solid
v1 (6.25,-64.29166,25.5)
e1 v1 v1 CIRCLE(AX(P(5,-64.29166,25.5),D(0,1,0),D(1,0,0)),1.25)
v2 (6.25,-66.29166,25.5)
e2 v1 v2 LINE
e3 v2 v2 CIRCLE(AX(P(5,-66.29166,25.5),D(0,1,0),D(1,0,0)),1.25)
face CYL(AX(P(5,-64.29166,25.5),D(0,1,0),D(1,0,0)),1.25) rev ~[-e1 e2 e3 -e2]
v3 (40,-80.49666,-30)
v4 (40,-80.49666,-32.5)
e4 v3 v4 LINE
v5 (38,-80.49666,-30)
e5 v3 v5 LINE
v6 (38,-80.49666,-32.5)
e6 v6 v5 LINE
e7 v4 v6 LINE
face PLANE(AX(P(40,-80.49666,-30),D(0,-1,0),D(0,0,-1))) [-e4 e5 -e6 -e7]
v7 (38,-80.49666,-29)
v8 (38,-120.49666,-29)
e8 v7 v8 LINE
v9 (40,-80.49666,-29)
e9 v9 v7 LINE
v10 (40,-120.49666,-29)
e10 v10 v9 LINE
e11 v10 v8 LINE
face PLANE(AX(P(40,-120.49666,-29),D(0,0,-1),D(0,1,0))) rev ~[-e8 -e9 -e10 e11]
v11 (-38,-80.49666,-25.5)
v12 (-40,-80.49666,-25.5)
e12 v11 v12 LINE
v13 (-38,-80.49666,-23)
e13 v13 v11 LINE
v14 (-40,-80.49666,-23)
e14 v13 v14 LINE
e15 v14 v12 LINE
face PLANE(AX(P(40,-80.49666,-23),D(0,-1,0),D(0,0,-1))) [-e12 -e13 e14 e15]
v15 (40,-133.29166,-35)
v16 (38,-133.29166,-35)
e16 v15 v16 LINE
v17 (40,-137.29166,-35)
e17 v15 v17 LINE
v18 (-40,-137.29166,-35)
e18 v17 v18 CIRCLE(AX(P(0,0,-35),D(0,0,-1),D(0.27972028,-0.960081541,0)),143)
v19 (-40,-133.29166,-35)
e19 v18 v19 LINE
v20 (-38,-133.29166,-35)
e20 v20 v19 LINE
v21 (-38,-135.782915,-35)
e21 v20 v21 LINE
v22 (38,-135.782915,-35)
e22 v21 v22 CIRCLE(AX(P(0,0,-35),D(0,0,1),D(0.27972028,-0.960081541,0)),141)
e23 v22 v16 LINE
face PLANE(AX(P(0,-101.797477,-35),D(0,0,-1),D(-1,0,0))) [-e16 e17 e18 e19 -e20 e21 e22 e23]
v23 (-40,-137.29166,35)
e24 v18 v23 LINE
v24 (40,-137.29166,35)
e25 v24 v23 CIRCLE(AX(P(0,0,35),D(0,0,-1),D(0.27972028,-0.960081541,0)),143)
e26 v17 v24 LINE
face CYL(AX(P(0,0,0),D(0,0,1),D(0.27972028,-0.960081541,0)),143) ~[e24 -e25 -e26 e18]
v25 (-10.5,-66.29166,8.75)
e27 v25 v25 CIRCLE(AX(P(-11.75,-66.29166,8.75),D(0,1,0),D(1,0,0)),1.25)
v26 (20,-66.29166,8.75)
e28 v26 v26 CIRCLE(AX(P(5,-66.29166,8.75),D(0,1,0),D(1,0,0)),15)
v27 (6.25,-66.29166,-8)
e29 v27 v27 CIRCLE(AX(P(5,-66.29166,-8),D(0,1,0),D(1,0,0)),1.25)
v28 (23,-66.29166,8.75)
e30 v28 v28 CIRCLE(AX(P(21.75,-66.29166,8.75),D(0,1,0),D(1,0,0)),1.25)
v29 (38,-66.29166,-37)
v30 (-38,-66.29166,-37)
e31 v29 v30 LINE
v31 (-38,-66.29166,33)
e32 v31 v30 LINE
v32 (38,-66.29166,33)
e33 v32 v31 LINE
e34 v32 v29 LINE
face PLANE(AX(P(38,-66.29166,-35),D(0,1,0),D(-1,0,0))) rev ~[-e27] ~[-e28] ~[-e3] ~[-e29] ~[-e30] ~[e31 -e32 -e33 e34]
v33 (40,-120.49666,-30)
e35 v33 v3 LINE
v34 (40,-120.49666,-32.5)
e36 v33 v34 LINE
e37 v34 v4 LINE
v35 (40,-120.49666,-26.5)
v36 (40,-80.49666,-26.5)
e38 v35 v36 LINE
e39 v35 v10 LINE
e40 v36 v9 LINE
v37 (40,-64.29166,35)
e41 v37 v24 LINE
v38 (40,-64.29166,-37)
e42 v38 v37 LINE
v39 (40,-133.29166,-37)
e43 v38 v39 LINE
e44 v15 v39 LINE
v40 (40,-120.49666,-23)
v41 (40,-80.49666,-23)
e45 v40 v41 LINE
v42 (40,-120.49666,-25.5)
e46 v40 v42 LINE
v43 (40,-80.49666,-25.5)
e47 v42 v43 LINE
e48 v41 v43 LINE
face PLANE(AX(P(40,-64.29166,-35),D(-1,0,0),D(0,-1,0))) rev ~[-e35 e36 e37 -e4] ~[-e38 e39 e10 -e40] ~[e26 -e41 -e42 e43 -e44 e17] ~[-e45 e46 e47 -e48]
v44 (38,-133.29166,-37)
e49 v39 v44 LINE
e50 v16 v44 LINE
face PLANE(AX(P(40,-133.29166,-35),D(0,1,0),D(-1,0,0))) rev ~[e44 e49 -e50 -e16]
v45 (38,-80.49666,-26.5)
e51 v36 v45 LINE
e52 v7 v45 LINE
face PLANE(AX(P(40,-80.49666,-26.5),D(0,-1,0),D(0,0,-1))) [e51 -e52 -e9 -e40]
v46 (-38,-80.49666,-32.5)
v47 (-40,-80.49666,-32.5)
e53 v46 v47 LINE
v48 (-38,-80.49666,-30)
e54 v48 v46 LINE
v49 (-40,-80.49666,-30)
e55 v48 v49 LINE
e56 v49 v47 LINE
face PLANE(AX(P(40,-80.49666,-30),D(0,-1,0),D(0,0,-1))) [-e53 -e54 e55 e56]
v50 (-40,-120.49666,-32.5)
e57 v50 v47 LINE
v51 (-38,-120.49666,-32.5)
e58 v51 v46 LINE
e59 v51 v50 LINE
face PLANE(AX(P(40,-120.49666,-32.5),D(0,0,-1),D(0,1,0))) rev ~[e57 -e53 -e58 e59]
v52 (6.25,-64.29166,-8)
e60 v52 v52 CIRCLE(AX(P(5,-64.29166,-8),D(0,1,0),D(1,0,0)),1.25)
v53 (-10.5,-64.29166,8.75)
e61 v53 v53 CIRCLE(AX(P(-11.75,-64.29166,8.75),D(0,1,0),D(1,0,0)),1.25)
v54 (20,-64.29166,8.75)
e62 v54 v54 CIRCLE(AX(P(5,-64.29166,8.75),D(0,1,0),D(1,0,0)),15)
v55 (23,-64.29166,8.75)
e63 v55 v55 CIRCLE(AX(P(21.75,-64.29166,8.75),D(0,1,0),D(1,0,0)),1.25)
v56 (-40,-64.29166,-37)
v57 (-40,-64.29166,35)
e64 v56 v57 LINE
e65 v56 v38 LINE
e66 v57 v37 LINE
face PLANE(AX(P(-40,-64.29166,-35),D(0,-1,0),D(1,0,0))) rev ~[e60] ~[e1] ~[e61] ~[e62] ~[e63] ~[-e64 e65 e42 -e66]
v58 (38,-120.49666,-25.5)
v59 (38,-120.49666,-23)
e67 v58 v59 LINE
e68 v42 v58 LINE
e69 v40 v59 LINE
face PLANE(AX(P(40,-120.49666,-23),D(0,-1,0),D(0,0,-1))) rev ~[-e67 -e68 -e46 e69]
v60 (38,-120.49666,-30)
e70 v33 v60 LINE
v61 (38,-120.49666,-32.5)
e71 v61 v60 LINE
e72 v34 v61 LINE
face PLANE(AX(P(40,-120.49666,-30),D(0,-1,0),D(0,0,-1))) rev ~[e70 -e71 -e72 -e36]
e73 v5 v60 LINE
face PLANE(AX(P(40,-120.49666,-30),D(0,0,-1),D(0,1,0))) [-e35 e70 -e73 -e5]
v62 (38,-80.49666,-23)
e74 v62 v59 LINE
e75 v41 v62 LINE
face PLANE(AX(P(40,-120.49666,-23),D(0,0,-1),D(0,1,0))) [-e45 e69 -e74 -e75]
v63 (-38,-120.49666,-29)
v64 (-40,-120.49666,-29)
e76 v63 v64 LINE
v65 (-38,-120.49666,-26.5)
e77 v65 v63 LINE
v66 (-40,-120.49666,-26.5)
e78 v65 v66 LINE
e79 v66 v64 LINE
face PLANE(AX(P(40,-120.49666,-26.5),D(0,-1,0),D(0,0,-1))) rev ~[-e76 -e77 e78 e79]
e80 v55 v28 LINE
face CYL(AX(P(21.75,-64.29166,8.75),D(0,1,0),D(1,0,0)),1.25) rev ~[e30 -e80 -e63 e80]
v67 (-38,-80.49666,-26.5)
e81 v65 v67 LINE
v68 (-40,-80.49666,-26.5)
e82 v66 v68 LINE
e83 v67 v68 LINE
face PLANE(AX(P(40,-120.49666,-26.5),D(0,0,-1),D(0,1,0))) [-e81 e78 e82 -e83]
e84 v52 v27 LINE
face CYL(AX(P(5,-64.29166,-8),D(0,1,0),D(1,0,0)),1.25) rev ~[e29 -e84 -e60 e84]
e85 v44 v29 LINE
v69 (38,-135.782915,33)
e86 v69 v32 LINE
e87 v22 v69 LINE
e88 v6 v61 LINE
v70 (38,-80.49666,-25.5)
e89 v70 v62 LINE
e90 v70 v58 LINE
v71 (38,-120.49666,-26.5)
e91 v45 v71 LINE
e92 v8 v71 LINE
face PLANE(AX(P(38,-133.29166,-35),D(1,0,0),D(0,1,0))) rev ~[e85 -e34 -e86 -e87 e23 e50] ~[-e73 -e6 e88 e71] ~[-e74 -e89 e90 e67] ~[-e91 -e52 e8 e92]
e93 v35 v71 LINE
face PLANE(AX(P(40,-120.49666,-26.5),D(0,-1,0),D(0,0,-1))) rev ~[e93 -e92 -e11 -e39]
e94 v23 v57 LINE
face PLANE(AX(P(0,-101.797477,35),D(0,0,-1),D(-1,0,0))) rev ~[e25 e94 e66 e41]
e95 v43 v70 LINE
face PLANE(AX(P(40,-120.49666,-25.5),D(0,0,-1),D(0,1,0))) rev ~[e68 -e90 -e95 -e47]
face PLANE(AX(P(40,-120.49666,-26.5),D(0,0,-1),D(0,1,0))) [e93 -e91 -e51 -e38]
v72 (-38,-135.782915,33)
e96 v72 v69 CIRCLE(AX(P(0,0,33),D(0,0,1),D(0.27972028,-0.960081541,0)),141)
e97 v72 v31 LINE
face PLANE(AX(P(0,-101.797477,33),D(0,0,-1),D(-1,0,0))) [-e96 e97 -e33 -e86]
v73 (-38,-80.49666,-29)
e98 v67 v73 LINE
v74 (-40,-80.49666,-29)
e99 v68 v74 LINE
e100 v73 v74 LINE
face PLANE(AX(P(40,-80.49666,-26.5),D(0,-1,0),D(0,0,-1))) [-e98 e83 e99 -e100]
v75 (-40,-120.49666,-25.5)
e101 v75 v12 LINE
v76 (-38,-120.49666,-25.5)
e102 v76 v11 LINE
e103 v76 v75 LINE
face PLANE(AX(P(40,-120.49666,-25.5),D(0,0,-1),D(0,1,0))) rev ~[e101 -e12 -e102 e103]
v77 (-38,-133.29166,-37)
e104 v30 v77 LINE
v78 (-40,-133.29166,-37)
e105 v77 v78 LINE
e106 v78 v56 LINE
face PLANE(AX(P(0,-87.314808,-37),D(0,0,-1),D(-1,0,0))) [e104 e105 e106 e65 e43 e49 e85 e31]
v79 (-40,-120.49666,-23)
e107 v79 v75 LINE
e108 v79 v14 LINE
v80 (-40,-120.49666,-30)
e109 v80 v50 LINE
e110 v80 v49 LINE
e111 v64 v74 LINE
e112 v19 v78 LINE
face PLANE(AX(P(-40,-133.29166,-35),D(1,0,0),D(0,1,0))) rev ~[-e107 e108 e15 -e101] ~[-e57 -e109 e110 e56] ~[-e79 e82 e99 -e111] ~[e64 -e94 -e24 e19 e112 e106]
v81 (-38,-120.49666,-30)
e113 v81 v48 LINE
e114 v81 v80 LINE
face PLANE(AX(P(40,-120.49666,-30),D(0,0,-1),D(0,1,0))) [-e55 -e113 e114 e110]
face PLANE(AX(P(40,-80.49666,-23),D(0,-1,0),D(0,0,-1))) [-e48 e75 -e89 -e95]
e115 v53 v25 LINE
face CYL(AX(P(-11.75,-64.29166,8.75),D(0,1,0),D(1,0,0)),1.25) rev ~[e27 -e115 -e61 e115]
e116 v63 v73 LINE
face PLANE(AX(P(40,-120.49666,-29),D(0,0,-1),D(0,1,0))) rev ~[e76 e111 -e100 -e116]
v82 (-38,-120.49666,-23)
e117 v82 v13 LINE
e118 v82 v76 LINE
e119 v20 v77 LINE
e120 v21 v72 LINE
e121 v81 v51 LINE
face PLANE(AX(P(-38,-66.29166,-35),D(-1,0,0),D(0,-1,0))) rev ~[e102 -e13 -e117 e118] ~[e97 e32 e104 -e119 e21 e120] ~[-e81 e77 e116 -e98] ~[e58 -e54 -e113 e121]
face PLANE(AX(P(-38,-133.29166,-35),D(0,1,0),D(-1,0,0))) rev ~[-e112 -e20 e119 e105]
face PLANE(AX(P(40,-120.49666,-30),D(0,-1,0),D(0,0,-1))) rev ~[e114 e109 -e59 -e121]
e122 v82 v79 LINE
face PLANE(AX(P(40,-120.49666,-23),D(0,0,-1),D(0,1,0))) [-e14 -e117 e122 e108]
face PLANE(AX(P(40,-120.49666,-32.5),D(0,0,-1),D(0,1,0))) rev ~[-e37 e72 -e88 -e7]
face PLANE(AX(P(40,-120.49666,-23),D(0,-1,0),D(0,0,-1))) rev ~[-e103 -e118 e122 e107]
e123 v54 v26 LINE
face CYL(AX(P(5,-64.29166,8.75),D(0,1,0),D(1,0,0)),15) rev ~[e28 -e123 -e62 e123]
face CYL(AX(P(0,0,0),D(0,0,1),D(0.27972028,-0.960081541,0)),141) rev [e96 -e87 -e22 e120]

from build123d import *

# Parameters (mm, degrees)
BOSS_EXTRUDE1_DEPTH     = 35
SHELL1_T                = -2
SKETCH3_R               = 15
SKETCH3_R_2             = 1.25
CUT_EXTRUDE2_DEPTH      = 2
SKETCH4_W               = 2.5
SKETCH4_H               = 40
CUT_EXTRUDE3_DEPTH      = 1
CUT_EXTRUDE3_DEPTH_BACK = 81
BOSS_EXTRUDE2_DEPTH     = 2


with BuildPart() as part:
    # Sketch1 → Boss-Extrude1 (new body, symmetric)
    with BuildSketch(Plane.XY):
        with BuildLine():
            Line((-40, -137.291660344), (-40, -64.291660344))
            Line((-40, -64.291660344), (40, -64.291660344))
            Line((40, -64.291660344), (40, -137.291660344))
            ThreePointArc((40, -137.291660344), (0, -143), (-40, -137.291660344))
        make_face()
    extrude(amount=BOSS_EXTRUDE1_DEPTH, both=True)

    # Shell1
    shell1_openings = [part.faces().sort_by_distance(p)[0] for p in [
        (0, -102.218745258, -35),
    ]]
    offset(amount=SHELL1_T, openings=shell1_openings, kind=Kind.INTERSECTION)

    # Sketch3 → Cut-Extrude2 (cut)
    with BuildSketch(Plane(origin=(0, -64.291660344, 0), x_dir=(1, 0, 0), z_dir=(0, 1, 0))):
        with Locations((5, -8.75)):
            Circle(SKETCH3_R)
        with Locations((5, 8)):
            Circle(SKETCH3_R_2)
        with Locations((21.75, -8.75)):
            Circle(SKETCH3_R_2)
        with Locations((-11.75, -8.75)):
            Circle(SKETCH3_R_2)
        with Locations((5, -25.5)):
            Circle(SKETCH3_R_2)
    extrude(amount=-CUT_EXTRUDE2_DEPTH, mode=Mode.SUBTRACT)

    # Sketch4 → Cut-Extrude3 (cut, two sides)
    with BuildSketch(Plane(origin=(40, 0, 0), x_dir=(0, 0, -1), z_dir=(1, 0, 0))) as cut_extrude3_sk:
        with Locations((24.25, -100.496660344)):
            Rectangle(SKETCH4_W, SKETCH4_H)
        with Locations((27.75, -100.496660344)):
            Rectangle(SKETCH4_W, SKETCH4_H)
        with Locations((31.25, -100.496660344)):
            Rectangle(SKETCH4_W, SKETCH4_H)
    extrude(amount=CUT_EXTRUDE3_DEPTH, mode=Mode.SUBTRACT)
    extrude(cut_extrude3_sk.sketch, amount=-CUT_EXTRUDE3_DEPTH_BACK, mode=Mode.SUBTRACT)

    # Sketch6 → Boss-Extrude2 (add)
    with BuildSketch(Plane(origin=(0, 0, -35), x_dir=(-1, 0, 0), z_dir=(0, 0, -1))):
        Polygon((-40, -64.291660344), (-40, -133.291660344), (-38, -133.291660344), (-38, -66.291660344), (38, -66.291660344), (38, -133.291660344), (40, -133.291660344), (40, -64.291660344), align=None)
    extrude(amount=BOSS_EXTRUDE2_DEPTH)


solid = part.part
